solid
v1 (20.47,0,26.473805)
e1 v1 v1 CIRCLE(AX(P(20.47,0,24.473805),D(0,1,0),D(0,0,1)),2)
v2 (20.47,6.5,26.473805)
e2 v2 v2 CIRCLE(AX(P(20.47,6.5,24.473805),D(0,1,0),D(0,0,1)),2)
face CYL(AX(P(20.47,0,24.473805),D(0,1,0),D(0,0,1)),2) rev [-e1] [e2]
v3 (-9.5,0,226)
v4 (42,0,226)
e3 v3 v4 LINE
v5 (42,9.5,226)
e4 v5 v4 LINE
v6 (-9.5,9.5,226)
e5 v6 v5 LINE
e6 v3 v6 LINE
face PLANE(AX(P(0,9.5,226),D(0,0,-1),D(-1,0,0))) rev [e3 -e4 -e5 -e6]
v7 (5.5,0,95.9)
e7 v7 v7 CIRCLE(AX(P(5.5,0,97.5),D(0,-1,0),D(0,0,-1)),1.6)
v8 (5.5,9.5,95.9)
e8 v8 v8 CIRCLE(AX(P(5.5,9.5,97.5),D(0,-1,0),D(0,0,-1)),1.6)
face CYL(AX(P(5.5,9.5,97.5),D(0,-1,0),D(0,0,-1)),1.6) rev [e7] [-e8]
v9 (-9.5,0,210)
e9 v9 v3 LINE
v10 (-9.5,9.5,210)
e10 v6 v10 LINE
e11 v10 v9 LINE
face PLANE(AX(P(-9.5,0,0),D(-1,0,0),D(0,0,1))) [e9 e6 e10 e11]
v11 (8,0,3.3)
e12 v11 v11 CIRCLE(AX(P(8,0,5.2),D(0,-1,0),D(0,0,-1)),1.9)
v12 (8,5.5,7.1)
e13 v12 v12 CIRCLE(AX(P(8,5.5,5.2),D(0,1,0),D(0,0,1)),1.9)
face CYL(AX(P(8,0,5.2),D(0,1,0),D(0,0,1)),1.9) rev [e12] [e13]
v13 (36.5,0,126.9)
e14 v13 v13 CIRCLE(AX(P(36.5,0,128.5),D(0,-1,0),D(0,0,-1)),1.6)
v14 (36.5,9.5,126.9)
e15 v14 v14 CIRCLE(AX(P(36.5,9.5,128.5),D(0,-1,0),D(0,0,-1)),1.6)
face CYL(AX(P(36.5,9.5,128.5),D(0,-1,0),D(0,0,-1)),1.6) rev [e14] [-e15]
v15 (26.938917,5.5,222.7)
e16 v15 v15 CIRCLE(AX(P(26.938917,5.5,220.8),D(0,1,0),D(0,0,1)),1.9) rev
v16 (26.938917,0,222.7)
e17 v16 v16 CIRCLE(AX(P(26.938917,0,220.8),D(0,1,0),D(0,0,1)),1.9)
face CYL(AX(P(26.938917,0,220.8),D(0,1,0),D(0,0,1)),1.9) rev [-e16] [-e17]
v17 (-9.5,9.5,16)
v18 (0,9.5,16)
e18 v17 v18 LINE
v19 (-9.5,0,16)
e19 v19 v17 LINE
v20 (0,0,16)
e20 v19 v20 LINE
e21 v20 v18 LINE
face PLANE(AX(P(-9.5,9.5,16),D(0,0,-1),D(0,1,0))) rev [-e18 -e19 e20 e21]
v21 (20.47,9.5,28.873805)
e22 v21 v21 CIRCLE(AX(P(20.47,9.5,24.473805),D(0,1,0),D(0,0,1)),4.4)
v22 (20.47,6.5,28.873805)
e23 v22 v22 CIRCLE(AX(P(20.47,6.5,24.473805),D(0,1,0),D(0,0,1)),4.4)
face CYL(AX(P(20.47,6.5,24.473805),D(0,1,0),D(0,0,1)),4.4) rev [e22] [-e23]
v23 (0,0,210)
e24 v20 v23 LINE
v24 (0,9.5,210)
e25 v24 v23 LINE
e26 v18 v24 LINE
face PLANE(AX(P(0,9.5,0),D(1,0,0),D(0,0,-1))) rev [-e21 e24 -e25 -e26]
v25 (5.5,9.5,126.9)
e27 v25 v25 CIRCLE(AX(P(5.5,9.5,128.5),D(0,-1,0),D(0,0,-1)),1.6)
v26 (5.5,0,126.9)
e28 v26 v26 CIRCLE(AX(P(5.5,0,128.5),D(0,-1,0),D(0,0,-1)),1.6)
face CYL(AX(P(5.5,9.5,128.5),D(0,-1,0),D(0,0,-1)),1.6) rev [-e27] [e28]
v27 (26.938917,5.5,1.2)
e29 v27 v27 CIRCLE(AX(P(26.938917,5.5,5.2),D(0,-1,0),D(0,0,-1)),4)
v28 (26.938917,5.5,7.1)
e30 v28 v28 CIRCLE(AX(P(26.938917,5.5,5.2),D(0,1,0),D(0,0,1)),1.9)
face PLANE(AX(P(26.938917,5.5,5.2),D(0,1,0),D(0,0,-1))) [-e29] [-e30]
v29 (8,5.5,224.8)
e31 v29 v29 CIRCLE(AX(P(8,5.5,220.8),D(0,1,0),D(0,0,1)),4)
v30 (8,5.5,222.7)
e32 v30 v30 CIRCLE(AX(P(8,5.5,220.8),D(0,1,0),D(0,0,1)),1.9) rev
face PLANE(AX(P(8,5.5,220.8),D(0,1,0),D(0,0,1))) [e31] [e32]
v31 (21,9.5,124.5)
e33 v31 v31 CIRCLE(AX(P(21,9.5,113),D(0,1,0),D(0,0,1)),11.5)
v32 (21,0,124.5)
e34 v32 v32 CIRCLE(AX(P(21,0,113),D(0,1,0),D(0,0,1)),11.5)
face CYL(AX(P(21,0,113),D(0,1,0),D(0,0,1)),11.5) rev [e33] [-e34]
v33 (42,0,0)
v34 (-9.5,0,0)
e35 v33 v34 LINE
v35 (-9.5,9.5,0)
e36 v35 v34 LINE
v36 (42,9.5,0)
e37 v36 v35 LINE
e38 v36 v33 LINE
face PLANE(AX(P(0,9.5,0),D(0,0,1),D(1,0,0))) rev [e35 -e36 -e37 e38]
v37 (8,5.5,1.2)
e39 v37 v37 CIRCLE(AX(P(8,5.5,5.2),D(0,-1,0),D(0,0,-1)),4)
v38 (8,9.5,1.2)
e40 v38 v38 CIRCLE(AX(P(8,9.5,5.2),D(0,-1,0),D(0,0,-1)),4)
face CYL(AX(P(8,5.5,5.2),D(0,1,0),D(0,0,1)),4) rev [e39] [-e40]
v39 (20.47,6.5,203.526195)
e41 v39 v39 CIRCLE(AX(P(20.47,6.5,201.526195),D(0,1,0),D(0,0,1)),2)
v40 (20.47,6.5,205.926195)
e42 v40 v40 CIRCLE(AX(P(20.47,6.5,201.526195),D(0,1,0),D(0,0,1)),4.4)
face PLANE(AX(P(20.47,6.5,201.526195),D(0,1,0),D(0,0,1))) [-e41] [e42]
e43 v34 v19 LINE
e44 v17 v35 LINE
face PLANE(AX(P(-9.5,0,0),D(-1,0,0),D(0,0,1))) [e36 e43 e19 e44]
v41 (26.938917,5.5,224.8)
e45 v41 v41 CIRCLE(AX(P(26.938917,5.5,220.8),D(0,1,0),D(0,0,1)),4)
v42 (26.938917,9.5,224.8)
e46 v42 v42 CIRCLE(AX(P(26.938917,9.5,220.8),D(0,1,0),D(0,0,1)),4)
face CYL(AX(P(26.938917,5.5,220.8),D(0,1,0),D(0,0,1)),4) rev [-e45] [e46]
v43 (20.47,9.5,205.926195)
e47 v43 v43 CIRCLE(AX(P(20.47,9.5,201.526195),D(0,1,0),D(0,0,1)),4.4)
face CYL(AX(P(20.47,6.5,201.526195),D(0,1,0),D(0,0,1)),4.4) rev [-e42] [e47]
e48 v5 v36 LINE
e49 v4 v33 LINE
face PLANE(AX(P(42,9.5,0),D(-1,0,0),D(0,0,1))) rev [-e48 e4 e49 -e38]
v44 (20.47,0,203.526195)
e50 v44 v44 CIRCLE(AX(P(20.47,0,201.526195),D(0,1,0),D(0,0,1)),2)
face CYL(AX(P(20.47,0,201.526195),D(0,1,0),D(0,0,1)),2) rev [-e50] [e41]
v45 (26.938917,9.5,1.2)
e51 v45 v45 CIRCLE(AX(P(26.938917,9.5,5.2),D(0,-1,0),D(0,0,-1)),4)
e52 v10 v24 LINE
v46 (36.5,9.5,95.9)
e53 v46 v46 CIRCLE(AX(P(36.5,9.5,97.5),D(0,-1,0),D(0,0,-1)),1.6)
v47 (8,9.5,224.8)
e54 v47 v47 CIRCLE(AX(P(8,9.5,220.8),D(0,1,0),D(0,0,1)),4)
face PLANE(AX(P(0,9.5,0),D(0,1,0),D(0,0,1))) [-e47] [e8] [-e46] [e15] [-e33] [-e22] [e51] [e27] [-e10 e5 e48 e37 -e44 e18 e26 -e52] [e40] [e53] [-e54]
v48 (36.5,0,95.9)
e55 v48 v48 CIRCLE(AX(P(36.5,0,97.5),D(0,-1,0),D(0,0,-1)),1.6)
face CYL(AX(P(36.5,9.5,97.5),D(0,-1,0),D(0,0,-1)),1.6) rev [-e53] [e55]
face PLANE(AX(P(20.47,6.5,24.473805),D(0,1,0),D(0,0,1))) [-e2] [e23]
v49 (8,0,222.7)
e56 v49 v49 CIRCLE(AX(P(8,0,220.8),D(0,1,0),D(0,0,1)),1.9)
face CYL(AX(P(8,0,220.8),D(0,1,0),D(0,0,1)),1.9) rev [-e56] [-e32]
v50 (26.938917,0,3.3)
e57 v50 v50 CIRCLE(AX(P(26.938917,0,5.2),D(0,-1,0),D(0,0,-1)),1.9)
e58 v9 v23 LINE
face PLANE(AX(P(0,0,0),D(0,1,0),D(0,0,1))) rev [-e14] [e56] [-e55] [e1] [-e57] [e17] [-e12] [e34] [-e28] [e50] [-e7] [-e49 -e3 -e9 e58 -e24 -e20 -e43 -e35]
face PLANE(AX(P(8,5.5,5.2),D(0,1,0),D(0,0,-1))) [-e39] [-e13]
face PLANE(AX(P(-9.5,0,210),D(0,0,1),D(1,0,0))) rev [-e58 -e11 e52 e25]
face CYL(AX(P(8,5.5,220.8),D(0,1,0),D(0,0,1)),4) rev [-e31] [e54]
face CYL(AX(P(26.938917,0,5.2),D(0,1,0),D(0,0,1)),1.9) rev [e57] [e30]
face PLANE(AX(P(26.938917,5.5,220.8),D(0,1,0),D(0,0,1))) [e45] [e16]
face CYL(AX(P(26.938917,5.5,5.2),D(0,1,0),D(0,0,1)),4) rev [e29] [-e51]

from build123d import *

# Parameters (mm, degrees)
SKETCH_1_W          = 42
SKETCH_1_H          = 226
EXTRUDE_1_DEPTH     = 9.5
SKETCH_2_R          = 11.5
CUT_EXTRUDE_1_DEPTH = 231.065751471
SKETCH_3_W          = 16
SKETCH_3_H          = 9.5
EXTRUDE_2_DEPTH     = 9.5
SKETCH_4_R          = 4.4
CUT_EXTRUDE_2_DEPTH = 3
SKETCH_5_R          = 1.6
CUT_EXTRUDE_3_DEPTH = 231.065751471
SKETCH_6_R          = 2
CUT_EXTRUDE_6_DEPTH = 231.065751471
SKETCH_7_R          = 1.9
CUT_EXTRUDE_7_DEPTH = 231.065751471
SKETCH_9_R          = 4
CUT_EXTRUDE_8_DEPTH = 4


with BuildPart() as part:
    # 草图1 → 凸台-拉伸1 (new body)
    with BuildSketch(Plane(origin=(0, 0, 0), x_dir=(1, 0, 0), z_dir=(0, 1, 0))):
        with Locations((21, -113)):
            Rectangle(SKETCH_1_W, SKETCH_1_H)
    extrude(amount=EXTRUDE_1_DEPTH)

    # 草图2 → 切除-拉伸1 (cut, through all)
    with BuildSketch(Plane(origin=(0, 9.5, 0), x_dir=(1, 0, 0), z_dir=(0, 1, 0))):
        with Locations(Location((21, -113, 0), (0, 0, 270))):
            Circle(SKETCH_2_R)
    extrude(amount=-CUT_EXTRUDE_1_DEPTH, mode=Mode.SUBTRACT)

    # 草图3 → 凸台-拉伸2 (add)
    with BuildSketch(Plane.ZY):
        with Locations((8, 4.75)):
            Rectangle(SKETCH_3_W, SKETCH_3_H)
        with Locations((218, 4.75)):
            Rectangle(SKETCH_3_W, SKETCH_3_H)
    extrude(amount=EXTRUDE_2_DEPTH)

    # 草图4 → 切除-拉伸2 (cut)
    with BuildSketch(Plane(origin=(0, 9.5, 0), x_dir=(1, 0, 0), z_dir=(0, 1, 0))):
        with Locations(Location((20.47, -201.526194604, 0), (0, 0, 270))):
            Circle(SKETCH_4_R)
        with Locations(Location((20.47, -24.473805396, 0), (0, 0, 270))):
            Circle(SKETCH_4_R)
    extrude(amount=-CUT_EXTRUDE_2_DEPTH, mode=Mode.SUBTRACT)

    # 草图5 → 切除-拉伸3 (cut, through all)
    with BuildSketch(Plane.XZ):
        with Locations(Location((5.5, 97.5, 0), (0, 0, 270))):
            Circle(SKETCH_5_R)
        with Locations(Location((5.5, 128.5, 0), (0, 0, 270))):
            Circle(SKETCH_5_R)
        with Locations(Location((36.5, 97.5, 0), (0, 0, 270))):
            Circle(SKETCH_5_R)
        with Locations(Location((36.5, 128.5, 0), (0, 0, 270))):
            Circle(SKETCH_5_R)
    extrude(amount=-CUT_EXTRUDE_3_DEPTH, mode=Mode.SUBTRACT)

    # 草图6 → 切除-拉伸6 (cut, through all)
    with BuildSketch(Plane(origin=(0, 9.5, 0), x_dir=(1, 0, 0), z_dir=(0, 1, 0))):
        with Locations(Location((20.47, -201.526194604, 0), (0, 0, 270))):
            Circle(SKETCH_6_R)
        with Locations(Location((20.47, -24.473805396, 0), (0, 0, 270))):
            Circle(SKETCH_6_R)
    extrude(amount=-CUT_EXTRUDE_6_DEPTH, mode=Mode.SUBTRACT)

    # 草图7 → 切除-拉伸7 (cut, through all)
    with BuildSketch(Plane(origin=(0, 9.5, 0), x_dir=(1, 0, 0), z_dir=(0, 1, 0))):
        with Locations(Location((8, -220.8, 0), (0, 0, 270))):
            Circle(SKETCH_7_R)
        with Locations(Location((26.938917342, -220.8, 0), (0, 0, 270))):
            Circle(SKETCH_7_R)
    cut_extrude_7 = extrude(amount=-CUT_EXTRUDE_7_DEPTH, mode=Mode.SUBTRACT)

    # 草图9 → 切除-拉伸8 (cut)
    with BuildSketch(Plane(origin=(0, 9.5, 0), x_dir=(1, 0, 0), z_dir=(0, 1, 0))):
        with Locations(Location((8, -220.8, 0), (0, 0, 270))):
            Circle(SKETCH_9_R)
        with Locations(Location((26.938917342, -220.8, 0), (0, 0, 270))):
            Circle(SKETCH_9_R)
    cut_extrude_8 = extrude(amount=-CUT_EXTRUDE_8_DEPTH, mode=Mode.SUBTRACT)

    # 镜向1: 切除-拉伸7, 切除-拉伸8 across plane
    add(cut_extrude_7.mirror(Plane.XY.offset(113)), mode=Mode.SUBTRACT)
    add(cut_extrude_8.mirror(Plane.XY.offset(113)), mode=Mode.SUBTRACT)


solid = part.part
